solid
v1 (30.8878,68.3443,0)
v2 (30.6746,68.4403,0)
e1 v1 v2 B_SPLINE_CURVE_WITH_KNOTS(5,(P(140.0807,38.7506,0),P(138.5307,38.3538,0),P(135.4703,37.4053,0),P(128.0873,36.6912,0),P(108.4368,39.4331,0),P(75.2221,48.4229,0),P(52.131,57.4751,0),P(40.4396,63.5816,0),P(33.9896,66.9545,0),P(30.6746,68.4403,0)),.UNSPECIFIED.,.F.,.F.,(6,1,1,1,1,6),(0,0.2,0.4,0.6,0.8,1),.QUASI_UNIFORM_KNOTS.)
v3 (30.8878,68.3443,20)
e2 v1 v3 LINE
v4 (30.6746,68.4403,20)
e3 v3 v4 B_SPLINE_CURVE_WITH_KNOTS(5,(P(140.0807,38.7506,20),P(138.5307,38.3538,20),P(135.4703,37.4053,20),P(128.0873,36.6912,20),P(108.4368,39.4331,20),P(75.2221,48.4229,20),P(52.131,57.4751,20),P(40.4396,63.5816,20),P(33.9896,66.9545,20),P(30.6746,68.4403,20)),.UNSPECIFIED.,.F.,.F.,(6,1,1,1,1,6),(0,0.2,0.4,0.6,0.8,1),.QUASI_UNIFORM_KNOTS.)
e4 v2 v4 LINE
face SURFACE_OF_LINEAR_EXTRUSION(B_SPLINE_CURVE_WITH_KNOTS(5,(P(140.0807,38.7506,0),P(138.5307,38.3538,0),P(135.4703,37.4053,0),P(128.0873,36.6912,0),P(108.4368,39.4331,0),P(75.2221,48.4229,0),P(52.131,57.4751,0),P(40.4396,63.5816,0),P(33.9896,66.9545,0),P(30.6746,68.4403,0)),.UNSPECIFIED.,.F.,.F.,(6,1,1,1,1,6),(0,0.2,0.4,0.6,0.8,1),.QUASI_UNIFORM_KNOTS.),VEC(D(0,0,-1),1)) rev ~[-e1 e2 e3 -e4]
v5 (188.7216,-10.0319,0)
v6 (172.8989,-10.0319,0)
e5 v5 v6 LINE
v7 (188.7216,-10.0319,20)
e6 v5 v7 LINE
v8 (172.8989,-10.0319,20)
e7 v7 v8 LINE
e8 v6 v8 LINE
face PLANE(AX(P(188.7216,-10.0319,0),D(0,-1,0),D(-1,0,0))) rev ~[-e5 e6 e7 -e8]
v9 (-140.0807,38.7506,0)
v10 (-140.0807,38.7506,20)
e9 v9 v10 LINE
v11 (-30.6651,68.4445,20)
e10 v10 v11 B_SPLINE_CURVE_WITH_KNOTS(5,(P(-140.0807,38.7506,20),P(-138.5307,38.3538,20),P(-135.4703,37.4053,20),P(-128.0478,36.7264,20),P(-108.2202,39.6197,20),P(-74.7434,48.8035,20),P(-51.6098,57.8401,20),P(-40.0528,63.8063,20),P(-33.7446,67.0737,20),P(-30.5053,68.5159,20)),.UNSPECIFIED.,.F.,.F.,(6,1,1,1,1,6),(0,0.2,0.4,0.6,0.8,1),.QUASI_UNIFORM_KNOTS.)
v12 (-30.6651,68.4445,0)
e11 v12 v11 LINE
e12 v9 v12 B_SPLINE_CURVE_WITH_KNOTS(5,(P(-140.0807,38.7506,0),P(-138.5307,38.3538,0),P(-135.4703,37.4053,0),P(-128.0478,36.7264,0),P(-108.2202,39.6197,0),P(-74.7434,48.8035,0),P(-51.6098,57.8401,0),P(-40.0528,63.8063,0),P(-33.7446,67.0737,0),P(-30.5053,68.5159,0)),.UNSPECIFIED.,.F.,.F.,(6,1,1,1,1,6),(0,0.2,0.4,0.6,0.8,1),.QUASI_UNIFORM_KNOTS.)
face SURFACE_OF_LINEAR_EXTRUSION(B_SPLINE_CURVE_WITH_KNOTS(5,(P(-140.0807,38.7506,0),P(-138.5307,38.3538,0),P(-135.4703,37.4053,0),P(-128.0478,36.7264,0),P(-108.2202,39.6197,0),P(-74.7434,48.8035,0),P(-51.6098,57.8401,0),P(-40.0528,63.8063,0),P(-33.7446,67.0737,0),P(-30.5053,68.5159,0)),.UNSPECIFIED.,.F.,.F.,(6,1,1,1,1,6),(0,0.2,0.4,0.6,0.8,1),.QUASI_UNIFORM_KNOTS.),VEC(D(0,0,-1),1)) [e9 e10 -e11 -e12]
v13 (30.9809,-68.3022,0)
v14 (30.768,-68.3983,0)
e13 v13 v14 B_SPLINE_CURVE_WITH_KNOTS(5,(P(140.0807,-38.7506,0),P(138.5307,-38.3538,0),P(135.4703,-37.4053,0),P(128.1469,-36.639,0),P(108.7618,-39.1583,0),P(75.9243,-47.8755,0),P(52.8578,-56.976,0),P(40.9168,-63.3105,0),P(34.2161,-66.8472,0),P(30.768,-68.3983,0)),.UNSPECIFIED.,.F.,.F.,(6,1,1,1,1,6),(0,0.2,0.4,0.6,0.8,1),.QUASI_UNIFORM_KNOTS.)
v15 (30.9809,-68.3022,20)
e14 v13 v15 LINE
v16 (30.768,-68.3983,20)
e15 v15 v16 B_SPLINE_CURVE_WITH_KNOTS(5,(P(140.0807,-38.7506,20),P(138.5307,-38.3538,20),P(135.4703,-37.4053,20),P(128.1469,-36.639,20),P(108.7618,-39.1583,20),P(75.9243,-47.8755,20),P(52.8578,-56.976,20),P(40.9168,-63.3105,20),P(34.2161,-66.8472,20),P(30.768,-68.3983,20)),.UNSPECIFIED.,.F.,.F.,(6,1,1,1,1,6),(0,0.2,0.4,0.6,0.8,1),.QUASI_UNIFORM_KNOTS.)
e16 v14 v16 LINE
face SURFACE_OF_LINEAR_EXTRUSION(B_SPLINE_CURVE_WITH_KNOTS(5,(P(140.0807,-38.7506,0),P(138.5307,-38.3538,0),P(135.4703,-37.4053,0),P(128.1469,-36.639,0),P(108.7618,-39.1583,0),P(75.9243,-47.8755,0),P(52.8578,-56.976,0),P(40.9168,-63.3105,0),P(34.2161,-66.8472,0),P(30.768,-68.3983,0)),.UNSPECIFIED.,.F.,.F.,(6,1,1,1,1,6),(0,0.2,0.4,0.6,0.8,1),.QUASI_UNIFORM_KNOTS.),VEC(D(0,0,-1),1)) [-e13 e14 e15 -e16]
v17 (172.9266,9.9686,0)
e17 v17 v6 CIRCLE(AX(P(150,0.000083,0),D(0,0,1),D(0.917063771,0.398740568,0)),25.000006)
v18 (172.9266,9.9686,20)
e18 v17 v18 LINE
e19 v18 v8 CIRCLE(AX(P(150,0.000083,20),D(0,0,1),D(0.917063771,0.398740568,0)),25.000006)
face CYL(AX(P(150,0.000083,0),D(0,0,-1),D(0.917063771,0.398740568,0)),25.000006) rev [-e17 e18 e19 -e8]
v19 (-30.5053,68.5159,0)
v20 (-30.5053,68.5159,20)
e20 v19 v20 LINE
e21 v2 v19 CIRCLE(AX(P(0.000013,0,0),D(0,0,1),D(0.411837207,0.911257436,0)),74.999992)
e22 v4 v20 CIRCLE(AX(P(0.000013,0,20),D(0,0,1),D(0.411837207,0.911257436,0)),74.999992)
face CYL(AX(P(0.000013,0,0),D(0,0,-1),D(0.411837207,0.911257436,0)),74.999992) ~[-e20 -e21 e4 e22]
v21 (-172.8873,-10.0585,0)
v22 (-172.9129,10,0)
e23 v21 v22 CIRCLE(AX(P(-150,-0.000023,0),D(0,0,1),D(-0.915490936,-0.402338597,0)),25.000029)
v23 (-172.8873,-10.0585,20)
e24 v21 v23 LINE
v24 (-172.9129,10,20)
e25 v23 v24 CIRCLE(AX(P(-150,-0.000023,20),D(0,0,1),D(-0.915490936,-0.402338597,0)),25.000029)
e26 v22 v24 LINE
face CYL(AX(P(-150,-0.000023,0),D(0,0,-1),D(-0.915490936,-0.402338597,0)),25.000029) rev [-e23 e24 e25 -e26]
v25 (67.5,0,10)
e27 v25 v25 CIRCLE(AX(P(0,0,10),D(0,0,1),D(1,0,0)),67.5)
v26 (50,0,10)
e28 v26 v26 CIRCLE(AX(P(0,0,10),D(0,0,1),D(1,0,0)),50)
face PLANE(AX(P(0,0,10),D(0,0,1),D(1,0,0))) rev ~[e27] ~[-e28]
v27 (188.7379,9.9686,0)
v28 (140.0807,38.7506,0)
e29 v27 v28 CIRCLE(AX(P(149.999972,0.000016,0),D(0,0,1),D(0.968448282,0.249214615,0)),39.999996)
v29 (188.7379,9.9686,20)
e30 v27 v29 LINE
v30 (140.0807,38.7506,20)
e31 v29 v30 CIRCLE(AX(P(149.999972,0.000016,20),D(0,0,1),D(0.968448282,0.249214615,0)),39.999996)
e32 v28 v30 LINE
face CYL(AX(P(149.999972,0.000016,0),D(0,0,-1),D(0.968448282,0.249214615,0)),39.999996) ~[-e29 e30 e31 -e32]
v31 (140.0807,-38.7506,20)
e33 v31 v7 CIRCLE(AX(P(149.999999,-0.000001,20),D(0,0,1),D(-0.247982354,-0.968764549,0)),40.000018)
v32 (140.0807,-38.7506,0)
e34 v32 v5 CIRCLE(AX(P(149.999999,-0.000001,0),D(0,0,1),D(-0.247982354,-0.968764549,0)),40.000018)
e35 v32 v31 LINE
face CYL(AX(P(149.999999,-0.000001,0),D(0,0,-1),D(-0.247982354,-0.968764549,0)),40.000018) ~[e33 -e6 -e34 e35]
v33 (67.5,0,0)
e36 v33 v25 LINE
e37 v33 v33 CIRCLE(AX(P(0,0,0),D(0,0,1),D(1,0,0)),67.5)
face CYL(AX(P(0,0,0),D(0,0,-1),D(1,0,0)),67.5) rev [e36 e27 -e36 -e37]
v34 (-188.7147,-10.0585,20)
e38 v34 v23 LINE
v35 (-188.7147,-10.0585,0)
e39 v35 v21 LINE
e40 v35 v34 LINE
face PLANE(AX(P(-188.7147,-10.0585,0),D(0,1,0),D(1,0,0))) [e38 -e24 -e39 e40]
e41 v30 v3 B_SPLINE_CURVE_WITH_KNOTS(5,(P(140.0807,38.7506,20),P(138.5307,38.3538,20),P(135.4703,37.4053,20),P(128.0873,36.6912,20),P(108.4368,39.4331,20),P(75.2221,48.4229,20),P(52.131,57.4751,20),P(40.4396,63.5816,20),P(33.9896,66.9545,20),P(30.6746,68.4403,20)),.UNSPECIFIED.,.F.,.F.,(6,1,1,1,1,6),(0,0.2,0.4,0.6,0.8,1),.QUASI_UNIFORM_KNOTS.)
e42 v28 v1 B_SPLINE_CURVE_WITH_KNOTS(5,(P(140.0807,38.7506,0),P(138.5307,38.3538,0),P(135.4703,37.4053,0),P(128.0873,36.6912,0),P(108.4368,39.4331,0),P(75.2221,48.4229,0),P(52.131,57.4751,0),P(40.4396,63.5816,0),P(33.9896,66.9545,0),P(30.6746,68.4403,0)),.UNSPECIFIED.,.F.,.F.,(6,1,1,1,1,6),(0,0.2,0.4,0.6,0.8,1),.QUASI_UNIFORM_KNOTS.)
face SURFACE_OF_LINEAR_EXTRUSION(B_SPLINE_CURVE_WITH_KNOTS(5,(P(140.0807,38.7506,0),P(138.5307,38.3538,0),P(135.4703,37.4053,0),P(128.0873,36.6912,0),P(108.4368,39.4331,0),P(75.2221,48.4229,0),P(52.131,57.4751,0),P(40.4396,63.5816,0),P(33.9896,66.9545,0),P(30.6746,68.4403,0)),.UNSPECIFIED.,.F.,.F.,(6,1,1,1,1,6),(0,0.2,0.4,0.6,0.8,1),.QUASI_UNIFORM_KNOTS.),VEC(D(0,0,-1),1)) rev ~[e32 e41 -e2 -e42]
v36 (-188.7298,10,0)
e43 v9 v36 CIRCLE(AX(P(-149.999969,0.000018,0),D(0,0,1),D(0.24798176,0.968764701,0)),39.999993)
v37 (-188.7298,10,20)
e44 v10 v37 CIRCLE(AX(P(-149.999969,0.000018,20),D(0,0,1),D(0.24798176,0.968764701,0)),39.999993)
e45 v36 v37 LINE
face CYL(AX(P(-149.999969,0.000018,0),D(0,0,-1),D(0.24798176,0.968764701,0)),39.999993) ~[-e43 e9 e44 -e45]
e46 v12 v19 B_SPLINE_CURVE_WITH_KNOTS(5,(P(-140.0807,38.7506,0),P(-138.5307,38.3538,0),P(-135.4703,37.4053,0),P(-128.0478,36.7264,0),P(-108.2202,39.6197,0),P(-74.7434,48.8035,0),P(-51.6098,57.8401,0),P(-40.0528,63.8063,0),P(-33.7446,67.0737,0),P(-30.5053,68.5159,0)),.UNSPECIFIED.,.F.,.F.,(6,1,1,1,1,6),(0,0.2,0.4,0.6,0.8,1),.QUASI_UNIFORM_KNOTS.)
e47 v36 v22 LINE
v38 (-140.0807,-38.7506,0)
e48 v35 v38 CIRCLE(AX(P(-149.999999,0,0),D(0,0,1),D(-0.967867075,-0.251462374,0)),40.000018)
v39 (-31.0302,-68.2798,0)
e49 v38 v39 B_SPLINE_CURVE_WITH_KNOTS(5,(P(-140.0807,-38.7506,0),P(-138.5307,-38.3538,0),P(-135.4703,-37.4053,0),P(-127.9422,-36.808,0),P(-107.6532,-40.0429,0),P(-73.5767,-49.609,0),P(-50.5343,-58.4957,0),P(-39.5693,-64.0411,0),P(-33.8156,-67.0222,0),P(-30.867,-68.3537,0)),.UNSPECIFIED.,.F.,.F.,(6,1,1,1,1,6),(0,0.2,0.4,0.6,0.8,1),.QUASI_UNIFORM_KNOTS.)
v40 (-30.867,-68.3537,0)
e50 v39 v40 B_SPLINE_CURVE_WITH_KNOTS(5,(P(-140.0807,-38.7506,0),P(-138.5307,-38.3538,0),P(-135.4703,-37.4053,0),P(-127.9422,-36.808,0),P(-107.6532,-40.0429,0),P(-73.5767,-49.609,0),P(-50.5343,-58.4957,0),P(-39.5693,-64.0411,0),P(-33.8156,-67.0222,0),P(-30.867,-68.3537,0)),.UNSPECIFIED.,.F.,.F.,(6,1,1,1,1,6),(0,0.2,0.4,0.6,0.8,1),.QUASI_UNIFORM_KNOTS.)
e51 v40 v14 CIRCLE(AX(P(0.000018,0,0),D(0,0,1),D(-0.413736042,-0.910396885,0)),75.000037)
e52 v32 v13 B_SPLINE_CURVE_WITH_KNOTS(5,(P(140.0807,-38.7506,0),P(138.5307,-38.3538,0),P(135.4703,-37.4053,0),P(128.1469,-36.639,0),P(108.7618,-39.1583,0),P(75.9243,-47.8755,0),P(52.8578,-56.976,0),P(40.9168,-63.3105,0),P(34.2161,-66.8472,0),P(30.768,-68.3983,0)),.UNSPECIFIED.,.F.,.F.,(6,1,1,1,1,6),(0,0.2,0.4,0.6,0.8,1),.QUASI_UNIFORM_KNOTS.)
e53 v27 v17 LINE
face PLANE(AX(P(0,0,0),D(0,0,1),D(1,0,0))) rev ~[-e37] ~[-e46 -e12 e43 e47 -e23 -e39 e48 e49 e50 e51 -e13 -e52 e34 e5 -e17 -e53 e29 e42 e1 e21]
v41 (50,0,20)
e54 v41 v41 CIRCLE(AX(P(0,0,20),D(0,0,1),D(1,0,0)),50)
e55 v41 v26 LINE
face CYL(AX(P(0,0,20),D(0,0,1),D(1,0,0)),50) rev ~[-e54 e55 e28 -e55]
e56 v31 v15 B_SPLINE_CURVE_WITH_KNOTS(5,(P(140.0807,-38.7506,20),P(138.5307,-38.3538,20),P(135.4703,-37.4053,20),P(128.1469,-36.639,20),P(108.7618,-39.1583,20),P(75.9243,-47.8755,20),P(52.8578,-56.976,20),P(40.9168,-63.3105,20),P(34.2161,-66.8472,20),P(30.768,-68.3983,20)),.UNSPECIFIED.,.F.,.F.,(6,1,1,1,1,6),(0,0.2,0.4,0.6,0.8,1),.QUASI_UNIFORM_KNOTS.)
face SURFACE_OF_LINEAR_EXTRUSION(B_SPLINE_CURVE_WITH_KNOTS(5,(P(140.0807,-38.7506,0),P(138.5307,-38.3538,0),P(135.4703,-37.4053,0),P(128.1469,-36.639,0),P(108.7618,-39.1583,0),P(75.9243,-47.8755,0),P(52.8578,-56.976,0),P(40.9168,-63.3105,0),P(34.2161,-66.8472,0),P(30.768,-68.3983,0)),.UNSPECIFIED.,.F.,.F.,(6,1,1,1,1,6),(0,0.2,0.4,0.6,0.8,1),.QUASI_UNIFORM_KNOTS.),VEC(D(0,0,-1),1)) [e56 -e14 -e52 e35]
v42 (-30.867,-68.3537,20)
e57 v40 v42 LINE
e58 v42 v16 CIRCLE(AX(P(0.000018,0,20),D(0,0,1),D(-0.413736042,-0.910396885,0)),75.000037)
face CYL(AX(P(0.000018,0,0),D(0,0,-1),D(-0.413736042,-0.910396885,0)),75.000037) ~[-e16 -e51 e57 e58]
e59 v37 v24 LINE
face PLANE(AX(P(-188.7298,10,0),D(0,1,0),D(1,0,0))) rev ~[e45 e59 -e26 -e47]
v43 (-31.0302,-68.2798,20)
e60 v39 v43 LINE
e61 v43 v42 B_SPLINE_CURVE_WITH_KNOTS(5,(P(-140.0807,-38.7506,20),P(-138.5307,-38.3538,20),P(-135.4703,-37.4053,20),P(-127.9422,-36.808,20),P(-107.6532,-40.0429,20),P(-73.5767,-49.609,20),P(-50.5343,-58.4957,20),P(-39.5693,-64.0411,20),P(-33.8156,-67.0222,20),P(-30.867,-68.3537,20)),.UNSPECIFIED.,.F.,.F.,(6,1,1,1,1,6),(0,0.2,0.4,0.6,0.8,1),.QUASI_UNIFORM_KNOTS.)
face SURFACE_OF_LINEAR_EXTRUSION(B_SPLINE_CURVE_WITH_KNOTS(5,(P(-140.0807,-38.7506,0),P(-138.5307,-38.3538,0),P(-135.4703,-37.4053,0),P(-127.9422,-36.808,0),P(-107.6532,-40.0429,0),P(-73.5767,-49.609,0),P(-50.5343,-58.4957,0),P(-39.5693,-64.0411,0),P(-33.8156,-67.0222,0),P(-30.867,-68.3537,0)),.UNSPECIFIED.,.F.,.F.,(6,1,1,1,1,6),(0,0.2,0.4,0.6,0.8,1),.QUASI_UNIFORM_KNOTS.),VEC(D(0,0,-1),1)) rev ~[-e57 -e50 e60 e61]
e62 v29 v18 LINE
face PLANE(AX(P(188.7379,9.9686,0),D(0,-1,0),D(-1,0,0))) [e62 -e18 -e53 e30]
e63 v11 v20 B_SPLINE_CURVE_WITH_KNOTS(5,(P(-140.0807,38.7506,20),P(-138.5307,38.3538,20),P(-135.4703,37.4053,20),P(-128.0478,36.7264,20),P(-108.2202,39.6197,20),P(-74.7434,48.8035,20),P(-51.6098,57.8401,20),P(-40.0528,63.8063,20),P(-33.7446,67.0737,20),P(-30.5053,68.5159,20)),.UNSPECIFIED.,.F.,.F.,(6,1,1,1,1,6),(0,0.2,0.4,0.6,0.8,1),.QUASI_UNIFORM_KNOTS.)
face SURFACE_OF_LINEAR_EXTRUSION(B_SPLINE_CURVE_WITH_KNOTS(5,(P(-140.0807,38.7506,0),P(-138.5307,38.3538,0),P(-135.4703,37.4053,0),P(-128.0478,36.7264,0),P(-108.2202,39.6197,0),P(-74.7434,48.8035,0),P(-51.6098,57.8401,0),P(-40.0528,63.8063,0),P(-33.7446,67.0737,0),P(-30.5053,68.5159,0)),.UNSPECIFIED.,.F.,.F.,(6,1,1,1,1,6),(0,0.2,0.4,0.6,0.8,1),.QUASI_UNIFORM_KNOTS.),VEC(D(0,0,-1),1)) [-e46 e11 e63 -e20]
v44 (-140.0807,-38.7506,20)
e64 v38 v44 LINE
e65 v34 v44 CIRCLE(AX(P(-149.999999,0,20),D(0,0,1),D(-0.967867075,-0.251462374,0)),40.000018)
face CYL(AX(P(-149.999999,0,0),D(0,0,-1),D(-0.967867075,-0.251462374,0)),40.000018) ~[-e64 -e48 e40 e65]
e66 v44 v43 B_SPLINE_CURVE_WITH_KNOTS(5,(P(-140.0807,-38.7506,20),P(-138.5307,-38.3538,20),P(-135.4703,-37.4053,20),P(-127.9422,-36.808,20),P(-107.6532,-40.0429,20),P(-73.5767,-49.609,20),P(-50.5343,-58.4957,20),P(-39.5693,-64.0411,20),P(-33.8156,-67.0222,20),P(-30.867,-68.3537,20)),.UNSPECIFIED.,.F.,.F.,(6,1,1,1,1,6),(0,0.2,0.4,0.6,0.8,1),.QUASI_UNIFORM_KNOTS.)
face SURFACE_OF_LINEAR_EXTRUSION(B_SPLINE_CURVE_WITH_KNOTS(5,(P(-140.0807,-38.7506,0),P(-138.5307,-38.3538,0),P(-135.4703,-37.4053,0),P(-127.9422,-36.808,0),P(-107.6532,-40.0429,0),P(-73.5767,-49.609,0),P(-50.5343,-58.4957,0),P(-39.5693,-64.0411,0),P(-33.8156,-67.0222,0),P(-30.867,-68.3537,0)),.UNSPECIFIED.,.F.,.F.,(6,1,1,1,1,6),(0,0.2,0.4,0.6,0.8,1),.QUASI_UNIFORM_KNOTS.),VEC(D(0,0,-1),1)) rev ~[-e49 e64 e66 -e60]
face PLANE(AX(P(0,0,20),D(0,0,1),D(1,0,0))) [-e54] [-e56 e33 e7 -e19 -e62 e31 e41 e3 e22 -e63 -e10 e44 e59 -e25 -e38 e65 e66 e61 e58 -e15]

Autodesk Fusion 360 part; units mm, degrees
sketch "Sketch1" plane through (0, 0, 0) normal (0, 0, 1) x (1, 0, 0)
  circle A0 centre (0, 0) radius 50
  circle A1 centre (0, 0) radius 67.5
  line L0 (-188.7298, 10) -> (-172.9129, 10)
  line L1 (-188.7147, -10.0585) -> (-172.8873, -10.0585)
  arc A2 (-172.8873, -10.0585) -> (-172.9129, 10) centre (-150, 0) ccw
  line L2 (190, -0.0314) -> (190, 0.0314)
  line L3 (188.7379, 9.9686) -> (172.9266, 9.9686)
  line L4 (188.7216, -10.0319) -> (172.8989, -10.0319)
  arc A3 (190, -0.0314) -> (190, 0.0314) centre (150, 0) ccw
  arc A4 (172.9266, 9.9686) -> (172.8989, -10.0319) centre (150, 0) ccw
  spline S0 degree 5 poles (-140.0807, 38.7506) (-138.5307, 38.3538) (-135.4703, 37.4053) (-128.0478, 36.7264) (-108.2202, 39.6197) (-74.7434, 48.8035) (-51.6098, 57.8401) (-40.0528, 63.8063) (-33.7446, 67.0737) (-30.5053, 68.5159) knots 0 0 0 0 0 0 0.2 0.4 0.6 0.8 1 1 1 1 1 1
  line L5 (-43.0547, 62.9285) -> (-17.9559, 74.1033)
  spline S1 degree 5 poles (-140.0807, -38.7506) (-138.5307, -38.3538) (-135.4703, -37.4053) (-127.9422, -36.808) (-107.6532, -40.0429) (-73.5767, -49.609) (-50.5343, -58.4957) (-39.5693, -64.0411) (-33.8156, -67.0222) (-30.867, -68.3537) knots 0 0 0 0 0 0 0.2 0.4 0.6 0.8 1 1 1 1 1 1
  line L6 (-42.1759, -63.2468) -> (-19.558, -73.4606)
  arc A5 (-188.7147, -10.0585) -> (-140.0807, -38.7506) centre (-150, 0) ccw
  arc A6 (-140.0807, 38.7506) -> (-188.7298, 10) centre (-150, 0) ccw
  spline S2 degree 5 poles (140.0807, 38.7506) (138.5307, 38.3538) (135.4703, 37.4053) (128.0873, 36.6912) (108.4368, 39.4331) (75.2221, 48.4229) (52.131, 57.4751) (40.4396, 63.5816) (33.9896, 66.9545) (30.6746, 68.4403) knots 0 0 0 0 0 0 0.2 0.4 0.6 0.8 1 1 1 1 1 1
  line L7 (43.2705, 62.7948) -> (18.0787, 74.0857)
  spline S3 degree 5 poles (140.0807, -38.7506) (138.5307, -38.3538) (135.4703, -37.4053) (128.1469, -36.639) (108.7618, -39.1583) (75.9243, -47.8755) (52.8578, -56.976) (40.9168, -63.3105) (34.2161, -66.8472) (30.768, -68.3983) knots 0 0 0 0 0 0 0.2 0.4 0.6 0.8 1 1 1 1 1 1
  line L8 (43.6214, -62.6164) -> (17.9147, -74.1802)
  arc A7 (188.7379, 9.9686) -> (140.0807, 38.7506) centre (150, 0) ccw
  arc A8 (140.0807, -38.7506) -> (188.7216, -10.0319) centre (150, 0) ccw
  arc A9 (-31.0302, -68.2798) -> (30.9809, -68.3022) centre (0, 0) ccw
  arc A10 (30.8878, 68.3443) -> (-30.6651, 68.4445) centre (0, 0) ccw
sketch "Esboço2" plane through (0, 0, 0) normal (0, 0, 1) x (1, 0, 0)
extrude "Extrusão1" add sketch "Sketch1" along normal blind 20 contours L0 L1 A2 L3 L4 A4 S0 L5 S1 L6 A5 A6 S2 L7 S3 L8 A7 A8 A9 A10
sketch "Esboço3" plane through (0, 0, 20) normal (0, 0, 1) x (1, 0, 0)
  circle A0 centre (0, 0) radius 67.5
  arc A1 (188.7379, 9.9686) -> (140.0807, 38.7506) centre (150, 0) ccw
  spline S0 degree 5 poles (140.0807, 38.7506) (138.5307, 38.3538) (135.4703, 37.4053) (128.0873, 36.6912) (108.4368, 39.4331) (75.3076, 48.3997) (52.2797, 57.4168) (40.5904, 63.503) (34.1559, 66.8675) (30.8878, 68.3443) knots 0 0 0 0 0 0 0.2 0.4 0.6 0.8 0.997426 0.997426 0.997426 0.997426 0.997426 0.997426
  arc A2 (30.8878, 68.3443) -> (-30.6651, 68.4445) centre (0, 0) ccw
  spline S1 degree 5 poles (-30.6651, 68.4445) (-33.8694, 67.009) (-40.1671, 63.7474) (-51.7241, 57.7955) (-74.8095, 48.7854) (-108.2202, 39.6197) (-128.0478, 36.7264) (-135.4703, 37.4053) (-138.5307, 38.3538) (-140.0807, 38.7506) knots -0.998025 -0.998025 -0.998025 -0.998025 -0.998025 -0.998025 -0.8 -0.6 -0.4 -0.2 0 0 0 0 0 0
  arc A3 (-140.0807, 38.7506) -> (-188.7298, 10) centre (-150, 0) ccw
  line L0 (-188.7298, 10) -> (-172.9129, 10)
  arc A4 (-172.8873, -10.0585) -> (-172.9129, 10) centre (-150, 0) ccw
  line L1 (-172.8873, -10.0585) -> (-188.7147, -10.0585)
  arc A5 (-188.7147, -10.0585) -> (-140.0807, -38.7506) centre (-150, 0) ccw
  spline S2 degree 5 poles (-140.0807, -38.7506) (-138.5307, -38.3538) (-135.4703, -37.4053) (-127.9422, -36.808) (-107.6532, -40.0429) (-73.6522, -49.5878) (-50.662, -58.4465) (-39.691, -63.9796) (-33.9434, -66.956) (-31.0302, -68.2798) knots 0 0 0 0 0 0 0.2 0.4 0.6 0.8 0.997784 0.997784 0.997784 0.997784 0.997784 0.997784
  arc A6 (-31.0302, -68.2798) -> (30.9809, -68.3022) centre (0, 0) ccw
  spline S3 degree 5 poles (30.9809, -68.3022) (34.382, -66.7597) (41.0646, -63.2323) (53.0003, -56.9198) (76.0055, -47.854) (108.7618, -39.1583) (128.1469, -36.639) (135.4703, -37.4053) (138.5307, -38.3538) (140.0807, -38.7506) knots -0.997529 -0.997529 -0.997529 -0.997529 -0.997529 -0.997529 -0.8 -0.6 -0.4 -0.2 0 0 0 0 0 0
  arc A7 (140.0807, -38.7506) -> (188.7216, -10.0319) centre (150, 0) ccw
  line L2 (188.7216, -10.0319) -> (172.8989, -10.0319)
  arc A8 (172.9266, 9.9686) -> (172.8989, -10.0319) centre (150, 0) ccw
  line L3 (172.9266, 9.9686) -> (188.7379, 9.9686)
  circle A9 centre (0, 0) radius 67.8
  circle A10 centre (0, 0) radius 50
  dimension "d17" = 135.6
  dimension "d18" = 100
extrude "Extrusão2" add sketch "Esboço3" against normal blind 10 contours A0
